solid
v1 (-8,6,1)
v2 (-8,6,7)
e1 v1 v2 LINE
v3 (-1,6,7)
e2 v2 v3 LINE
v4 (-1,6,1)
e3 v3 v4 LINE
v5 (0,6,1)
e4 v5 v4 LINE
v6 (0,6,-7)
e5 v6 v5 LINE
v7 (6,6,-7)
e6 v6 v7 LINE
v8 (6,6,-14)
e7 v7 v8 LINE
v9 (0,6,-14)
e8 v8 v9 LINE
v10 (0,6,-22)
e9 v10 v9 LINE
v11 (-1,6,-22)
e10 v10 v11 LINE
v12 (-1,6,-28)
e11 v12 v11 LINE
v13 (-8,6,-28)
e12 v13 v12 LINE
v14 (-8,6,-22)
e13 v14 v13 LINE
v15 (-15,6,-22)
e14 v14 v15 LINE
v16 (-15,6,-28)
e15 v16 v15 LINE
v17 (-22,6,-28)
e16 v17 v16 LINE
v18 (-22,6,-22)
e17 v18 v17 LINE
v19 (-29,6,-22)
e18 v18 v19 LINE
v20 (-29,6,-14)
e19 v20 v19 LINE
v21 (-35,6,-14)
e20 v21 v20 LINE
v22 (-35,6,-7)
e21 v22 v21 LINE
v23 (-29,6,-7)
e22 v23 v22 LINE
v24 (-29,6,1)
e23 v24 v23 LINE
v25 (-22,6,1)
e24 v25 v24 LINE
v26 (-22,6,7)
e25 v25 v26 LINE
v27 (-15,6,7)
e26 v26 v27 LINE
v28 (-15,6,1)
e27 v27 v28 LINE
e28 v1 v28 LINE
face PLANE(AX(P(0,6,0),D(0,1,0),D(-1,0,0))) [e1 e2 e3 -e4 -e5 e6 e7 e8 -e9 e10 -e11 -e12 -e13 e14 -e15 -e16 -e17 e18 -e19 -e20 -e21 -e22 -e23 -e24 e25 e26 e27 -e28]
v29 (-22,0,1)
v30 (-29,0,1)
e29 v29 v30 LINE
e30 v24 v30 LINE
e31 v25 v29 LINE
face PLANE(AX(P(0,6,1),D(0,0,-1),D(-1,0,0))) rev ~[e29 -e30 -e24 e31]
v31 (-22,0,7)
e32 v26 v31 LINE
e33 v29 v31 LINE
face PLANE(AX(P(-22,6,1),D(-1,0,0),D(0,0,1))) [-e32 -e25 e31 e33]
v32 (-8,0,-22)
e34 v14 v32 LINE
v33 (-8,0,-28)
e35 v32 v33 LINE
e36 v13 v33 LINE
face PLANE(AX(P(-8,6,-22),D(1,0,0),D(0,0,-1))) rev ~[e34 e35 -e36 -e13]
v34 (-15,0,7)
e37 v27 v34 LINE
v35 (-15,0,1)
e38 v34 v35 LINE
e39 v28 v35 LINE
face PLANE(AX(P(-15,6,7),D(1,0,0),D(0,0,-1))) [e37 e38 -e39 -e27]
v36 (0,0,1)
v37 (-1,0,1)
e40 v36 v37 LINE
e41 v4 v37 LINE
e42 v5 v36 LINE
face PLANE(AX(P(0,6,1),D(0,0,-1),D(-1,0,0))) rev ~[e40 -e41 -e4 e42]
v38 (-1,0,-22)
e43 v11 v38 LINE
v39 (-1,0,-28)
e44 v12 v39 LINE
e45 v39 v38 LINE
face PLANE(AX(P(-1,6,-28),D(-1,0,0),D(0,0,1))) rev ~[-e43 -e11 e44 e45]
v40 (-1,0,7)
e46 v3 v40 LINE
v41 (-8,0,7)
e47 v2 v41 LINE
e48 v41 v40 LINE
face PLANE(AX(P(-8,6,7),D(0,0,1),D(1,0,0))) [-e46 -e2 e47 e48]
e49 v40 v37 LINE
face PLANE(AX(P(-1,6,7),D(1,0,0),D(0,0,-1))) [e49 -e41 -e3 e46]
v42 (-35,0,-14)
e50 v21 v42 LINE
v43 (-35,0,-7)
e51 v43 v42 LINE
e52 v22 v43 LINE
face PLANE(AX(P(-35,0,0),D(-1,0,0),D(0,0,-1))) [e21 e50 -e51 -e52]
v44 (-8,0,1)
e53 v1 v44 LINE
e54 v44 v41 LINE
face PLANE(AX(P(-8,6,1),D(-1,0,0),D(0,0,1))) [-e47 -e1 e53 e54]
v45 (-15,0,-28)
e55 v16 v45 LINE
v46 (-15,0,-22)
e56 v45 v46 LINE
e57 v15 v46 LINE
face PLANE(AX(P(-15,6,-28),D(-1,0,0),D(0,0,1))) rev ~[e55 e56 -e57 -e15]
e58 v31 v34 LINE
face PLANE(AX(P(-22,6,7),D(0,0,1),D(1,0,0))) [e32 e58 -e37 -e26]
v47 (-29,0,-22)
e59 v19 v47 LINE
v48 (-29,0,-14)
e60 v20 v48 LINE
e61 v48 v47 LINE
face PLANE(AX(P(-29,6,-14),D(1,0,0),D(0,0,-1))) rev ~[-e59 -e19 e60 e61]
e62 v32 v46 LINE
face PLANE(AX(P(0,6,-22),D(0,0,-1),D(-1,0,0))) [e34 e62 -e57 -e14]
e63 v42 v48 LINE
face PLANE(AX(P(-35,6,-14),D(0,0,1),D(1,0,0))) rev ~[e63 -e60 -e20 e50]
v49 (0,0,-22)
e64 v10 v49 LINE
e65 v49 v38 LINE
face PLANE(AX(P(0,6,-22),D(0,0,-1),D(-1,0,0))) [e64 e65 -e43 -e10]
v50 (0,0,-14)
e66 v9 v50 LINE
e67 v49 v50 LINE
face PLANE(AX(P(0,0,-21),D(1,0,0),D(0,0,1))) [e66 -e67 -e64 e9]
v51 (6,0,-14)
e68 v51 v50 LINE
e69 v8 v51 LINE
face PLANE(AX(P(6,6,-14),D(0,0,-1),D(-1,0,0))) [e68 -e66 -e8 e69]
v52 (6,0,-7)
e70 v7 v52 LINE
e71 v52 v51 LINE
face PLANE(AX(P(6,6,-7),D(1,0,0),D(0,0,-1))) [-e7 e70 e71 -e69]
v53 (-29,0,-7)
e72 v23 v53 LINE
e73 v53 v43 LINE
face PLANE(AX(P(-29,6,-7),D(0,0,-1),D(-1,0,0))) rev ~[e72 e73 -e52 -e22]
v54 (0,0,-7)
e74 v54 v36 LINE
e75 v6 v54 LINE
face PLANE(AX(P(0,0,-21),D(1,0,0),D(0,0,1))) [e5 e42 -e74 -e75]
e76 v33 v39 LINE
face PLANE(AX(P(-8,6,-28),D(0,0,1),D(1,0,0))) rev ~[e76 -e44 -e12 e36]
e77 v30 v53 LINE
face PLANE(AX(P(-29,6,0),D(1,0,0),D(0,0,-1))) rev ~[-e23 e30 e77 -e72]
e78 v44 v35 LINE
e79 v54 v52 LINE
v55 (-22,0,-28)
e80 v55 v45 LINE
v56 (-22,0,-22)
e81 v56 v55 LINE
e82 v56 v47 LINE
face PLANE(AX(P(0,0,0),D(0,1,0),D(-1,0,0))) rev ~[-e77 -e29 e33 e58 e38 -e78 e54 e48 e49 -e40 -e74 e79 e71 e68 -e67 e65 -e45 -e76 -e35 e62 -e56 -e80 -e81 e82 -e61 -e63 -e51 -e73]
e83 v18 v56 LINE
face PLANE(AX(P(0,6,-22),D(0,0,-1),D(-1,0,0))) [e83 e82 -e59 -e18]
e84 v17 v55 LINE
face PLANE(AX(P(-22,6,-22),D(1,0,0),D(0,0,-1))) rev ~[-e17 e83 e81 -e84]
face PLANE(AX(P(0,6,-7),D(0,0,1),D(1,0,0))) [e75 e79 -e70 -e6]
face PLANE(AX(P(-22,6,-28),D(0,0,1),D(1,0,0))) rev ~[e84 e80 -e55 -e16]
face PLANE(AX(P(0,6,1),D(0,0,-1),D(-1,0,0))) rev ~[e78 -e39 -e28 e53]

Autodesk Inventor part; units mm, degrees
ref_plane "YZ Plane" through (0, 0, 0) normal (1, 0, 0) x (0, 1, 0)
ref_plane "XZ Plane" through (0, 0, 0) normal (0, 1, 0) x (-1, 0, 0)
ref_plane "XY Plane" through (0, 0, 0) normal (0, 0, 1) x (1, 0, 0)
sketch "Sketch1" plane through (0, 0, 0) normal (0, 1, 0) x (-1, 0, 0)
  line L0 (0, 0) -> (35, 0)
  line L1 (35, 0) -> (35, -21)
  line L2 (35, -21) -> (0, -21)
  line L3 (0, -21) -> (0, 0)
  dimension "d0" = 35
  dimension "d1" = 21
extrude "Extrusion1" add sketch "Sketch1" along normal blind 6
sketch "Sketch2" plane through (0, 6, 0) normal (0, 1, 0) x (1, 0, 0)
  line L0 (-35, 21) -> (-35, 0) projected
  line L1 (-35, 0) -> (-29, 0)
  line L2 (-29, 0) -> (-29, 7)
  line L3 (-29, 7) -> (-35, 7)
  line L4 (-35, 7) -> (-35, 0)
  point P0 (0, 0)
  dimension "d4" = 6
  dimension "d5" = 7
extrude "Extrusion2" cut sketch "Sketch2" against normal blind 6
pattern_linear "Rectangular Pattern1" count 2 spacing 14 along (0, 0, -1) of "Extrusion2"
sketch "Sketch3" plane through (0, 6, 0) normal (0, 1, 0) x (1, 0, 0)
  line L0 (-29, 7) -> (-29, 0) projected
  line L1 (-29, 0) -> (0, 0)
  line L2 (0, 0) -> (0, -1)
  line L3 (0, -1) -> (-29, -1)
  line L4 (-29, -1) -> (-29, 0)
  line L5 (-29, 14) -> (-29, 21) projected
  line L6 (-29, 21) -> (0, 21)
  line L7 (0, 21) -> (0, 22)
  line L8 (0, 22) -> (-29, 22)
  line L9 (-29, 22) -> (-29, 21)
  point P0 (0, 0)
  dimension "d11" = 29
  dimension "d12" = 1
  dimension "d13" = 29
  dimension "d14" = 1
extrude "Extrusion3" add sketch "Sketch3" against normal blind 6
sketch "Sketch4" plane through (0, 6, 0) normal (0, 1, 0) x (1, 0, 0)
  line L0 (-29, -1) -> (-29, 7) projected
  line L1 (0, 22) -> (0, -1) projected
  line L2 (0, 7) -> (6, 7)
  line L3 (6, 7) -> (6, 14)
  line L4 (6, 14) -> (0, 14)
  line L5 (0, 14) -> (0, 7)
  point P0 (0, 0)
  dimension "d17" = 6
  dimension "d18" = 7
extrude "Extrusion4" add sketch "Sketch4" against normal blind 6
sketch "Sketch5" plane through (0, 6, 0) normal (0, 1, 0) x (1, 0, 0)
  line L0 (0, -1) -> (-29, -1) projected
  line L1 (-29, -1) -> (-22, -1)
  line L2 (-22, -1) -> (-22, -7)
  line L3 (-22, -7) -> (-15, -7)
  line L4 (-15, -7) -> (-15, -1)
  line L5 (-29, 22) -> (0, 22) projected
  line L6 (-29, 22) -> (-22, 22)
  line L7 (-22, 22) -> (-22, 28)
  line L8 (-22, 28) -> (-15, 28)
  line L9 (-15, 28) -> (-15, 22)
  point P0 (0, 0)
  dimension "d22" = 6
  dimension "d23" = 7
  dimension "d25" = 6
  dimension "d26" = 7
extrude "Extrusion5" add sketch "Sketch5" against normal blind 6
pattern_linear "Rectangular Pattern2" count 2 spacing 14 along (1, 0, 0) of "Extrusion5"
properties part number "g_arm 2"
